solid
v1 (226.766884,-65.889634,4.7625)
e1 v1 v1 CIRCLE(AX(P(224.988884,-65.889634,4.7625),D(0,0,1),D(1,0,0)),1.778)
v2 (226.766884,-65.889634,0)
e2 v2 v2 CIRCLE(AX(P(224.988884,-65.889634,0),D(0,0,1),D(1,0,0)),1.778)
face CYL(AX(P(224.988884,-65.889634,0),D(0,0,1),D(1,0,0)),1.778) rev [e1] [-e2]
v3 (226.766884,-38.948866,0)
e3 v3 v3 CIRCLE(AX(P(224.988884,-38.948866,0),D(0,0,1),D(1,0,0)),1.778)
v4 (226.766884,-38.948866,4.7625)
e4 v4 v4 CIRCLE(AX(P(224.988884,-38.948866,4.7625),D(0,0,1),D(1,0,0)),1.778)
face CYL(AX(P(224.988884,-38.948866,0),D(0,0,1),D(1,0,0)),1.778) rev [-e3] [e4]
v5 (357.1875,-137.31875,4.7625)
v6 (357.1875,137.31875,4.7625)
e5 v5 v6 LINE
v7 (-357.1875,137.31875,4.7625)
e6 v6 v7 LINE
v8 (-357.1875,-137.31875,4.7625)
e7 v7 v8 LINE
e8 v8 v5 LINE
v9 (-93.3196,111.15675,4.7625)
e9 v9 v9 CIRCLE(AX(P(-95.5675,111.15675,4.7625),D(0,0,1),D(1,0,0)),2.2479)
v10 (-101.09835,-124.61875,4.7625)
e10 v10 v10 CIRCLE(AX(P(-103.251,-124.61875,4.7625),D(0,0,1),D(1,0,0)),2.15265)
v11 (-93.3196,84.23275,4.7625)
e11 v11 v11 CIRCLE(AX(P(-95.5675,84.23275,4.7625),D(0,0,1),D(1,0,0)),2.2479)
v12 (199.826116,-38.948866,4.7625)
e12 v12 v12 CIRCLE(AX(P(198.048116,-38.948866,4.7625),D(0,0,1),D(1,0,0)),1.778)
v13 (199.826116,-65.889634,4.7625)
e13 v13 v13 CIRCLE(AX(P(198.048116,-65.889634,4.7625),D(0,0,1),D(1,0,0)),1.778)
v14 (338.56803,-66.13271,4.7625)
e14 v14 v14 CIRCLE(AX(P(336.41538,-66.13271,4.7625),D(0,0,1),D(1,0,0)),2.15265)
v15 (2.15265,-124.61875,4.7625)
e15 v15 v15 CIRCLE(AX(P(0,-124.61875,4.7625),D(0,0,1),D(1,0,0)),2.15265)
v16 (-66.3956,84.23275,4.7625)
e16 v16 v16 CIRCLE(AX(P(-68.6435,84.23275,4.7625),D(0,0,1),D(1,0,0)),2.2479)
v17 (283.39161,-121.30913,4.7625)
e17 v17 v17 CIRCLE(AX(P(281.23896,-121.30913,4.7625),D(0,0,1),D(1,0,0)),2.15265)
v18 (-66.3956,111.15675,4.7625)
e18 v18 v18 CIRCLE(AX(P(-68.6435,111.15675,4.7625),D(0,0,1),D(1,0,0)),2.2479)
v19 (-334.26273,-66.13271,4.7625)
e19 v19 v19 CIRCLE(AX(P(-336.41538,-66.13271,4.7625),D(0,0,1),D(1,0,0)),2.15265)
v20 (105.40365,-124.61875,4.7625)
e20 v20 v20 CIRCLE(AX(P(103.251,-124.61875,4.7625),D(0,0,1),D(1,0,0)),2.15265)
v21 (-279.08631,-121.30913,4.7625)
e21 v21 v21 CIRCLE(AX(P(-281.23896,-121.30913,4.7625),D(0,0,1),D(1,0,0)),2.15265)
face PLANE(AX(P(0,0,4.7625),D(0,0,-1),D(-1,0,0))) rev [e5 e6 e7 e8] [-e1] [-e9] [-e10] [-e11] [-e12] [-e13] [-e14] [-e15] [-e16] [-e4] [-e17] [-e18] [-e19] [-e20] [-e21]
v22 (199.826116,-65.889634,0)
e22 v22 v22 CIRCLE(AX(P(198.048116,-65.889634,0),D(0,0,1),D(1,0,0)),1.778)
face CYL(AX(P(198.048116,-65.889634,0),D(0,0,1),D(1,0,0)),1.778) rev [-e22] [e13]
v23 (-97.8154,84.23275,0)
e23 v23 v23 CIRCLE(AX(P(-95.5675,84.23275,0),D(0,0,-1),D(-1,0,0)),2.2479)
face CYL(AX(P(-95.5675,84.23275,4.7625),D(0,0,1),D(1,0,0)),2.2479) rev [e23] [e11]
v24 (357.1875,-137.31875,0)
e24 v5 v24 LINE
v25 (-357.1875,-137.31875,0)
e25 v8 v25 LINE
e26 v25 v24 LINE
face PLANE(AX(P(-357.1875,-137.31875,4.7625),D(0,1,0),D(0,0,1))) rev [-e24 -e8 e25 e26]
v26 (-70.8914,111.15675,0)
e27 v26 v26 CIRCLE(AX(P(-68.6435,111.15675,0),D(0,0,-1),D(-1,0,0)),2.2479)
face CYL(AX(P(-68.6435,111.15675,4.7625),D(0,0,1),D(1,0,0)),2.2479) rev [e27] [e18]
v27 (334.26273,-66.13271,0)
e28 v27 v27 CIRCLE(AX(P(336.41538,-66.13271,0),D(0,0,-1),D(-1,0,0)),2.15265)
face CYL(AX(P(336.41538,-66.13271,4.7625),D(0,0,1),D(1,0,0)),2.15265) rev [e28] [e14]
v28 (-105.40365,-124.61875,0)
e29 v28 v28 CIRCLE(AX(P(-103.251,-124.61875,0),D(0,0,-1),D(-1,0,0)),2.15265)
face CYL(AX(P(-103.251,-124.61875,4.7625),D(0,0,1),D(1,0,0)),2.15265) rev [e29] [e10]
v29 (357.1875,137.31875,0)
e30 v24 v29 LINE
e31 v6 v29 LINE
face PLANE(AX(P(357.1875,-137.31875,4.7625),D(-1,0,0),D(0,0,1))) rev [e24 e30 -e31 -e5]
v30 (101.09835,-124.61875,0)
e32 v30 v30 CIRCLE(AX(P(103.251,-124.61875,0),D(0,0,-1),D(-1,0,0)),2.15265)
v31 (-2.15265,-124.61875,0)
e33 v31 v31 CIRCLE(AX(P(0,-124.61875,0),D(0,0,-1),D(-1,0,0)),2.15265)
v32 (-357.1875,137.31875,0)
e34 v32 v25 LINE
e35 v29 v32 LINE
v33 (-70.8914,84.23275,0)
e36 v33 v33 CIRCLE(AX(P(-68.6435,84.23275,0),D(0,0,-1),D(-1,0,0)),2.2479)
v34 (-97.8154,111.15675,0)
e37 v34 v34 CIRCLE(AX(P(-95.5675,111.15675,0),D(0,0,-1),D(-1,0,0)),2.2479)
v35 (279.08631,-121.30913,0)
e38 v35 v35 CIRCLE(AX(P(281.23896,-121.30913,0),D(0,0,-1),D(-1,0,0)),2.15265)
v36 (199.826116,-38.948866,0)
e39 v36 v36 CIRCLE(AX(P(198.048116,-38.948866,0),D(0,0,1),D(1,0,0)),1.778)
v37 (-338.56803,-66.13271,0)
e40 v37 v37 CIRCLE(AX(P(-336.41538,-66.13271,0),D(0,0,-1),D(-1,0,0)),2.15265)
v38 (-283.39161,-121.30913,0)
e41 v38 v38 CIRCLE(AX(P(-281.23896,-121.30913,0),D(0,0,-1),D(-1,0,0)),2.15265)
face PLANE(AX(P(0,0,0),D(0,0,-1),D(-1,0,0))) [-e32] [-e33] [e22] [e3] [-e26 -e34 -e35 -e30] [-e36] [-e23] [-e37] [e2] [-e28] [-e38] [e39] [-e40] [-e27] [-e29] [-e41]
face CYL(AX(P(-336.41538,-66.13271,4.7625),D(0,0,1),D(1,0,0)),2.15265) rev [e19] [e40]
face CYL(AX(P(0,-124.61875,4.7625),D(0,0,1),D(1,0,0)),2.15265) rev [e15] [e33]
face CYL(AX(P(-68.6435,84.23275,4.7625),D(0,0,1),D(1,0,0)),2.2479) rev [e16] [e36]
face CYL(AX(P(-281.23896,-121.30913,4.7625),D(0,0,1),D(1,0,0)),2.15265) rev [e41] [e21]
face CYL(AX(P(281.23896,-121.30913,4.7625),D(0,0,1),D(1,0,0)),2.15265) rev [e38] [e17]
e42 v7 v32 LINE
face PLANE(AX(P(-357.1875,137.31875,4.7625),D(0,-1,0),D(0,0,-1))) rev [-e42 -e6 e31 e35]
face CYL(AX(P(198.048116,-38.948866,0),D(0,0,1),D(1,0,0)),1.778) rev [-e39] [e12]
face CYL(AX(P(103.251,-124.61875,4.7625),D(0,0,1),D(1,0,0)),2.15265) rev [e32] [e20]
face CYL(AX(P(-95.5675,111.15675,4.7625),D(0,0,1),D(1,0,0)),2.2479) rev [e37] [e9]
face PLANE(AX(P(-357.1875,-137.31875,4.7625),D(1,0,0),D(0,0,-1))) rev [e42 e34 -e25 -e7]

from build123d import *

# Parameters (mm, degrees)
SKETCH1_W                 = 714.375
SKETCH1_H                 = 274.6375
BOSS_EXTRUDE1_DEPTH       = 4.7625
CUT_EXTRUDE1_DEPTH        = 5.7625
CUT_EXTRUDE3_DEPTH        = 5.7625
CUT_EXTRUDE4_REACH        = 6.763
SKETCH5_R                 = 2.15265
BOSS_EXTRUDE2_START       = -692.15
SKETCH7_W                 = 4.7625
SKETCH7_H                 = 274.6375
BOSS_EXTRUDE2_DEPTH       = 669.925
F_8_CLEARANCE_HOLE1_D     = 4.3053
F_8_CLEARANCE_HOLE1_DEPTH = 74.422
F_8_CLEARANCE_HOLE1_TIP   = 1.293442612
F_8_CLEARANCE_HOLE2_D     = 4.3053
F_8_CLEARANCE_HOLE2_DEPTH = 74.422
F_8_CLEARANCE_HOLE2_TIP   = 1.293442612
F_8_CLEARANCE_HOLE3_D     = 4.4958
F_8_CLEARANCE_HOLE3_DEPTH = 74.422
F_8_CLEARANCE_HOLE3_TIP   = 1.350674586
SKETCH16_R                = 1.778
CUT_EXTRUDE5_DEPTH        = 4.7625


with BuildPart() as part:
    # Sketch1 → Boss-Extrude1 (new body)
    with BuildSketch(Plane.XY):
        Rectangle(SKETCH1_W, SKETCH1_H)
    extrude(amount=BOSS_EXTRUDE1_DEPTH)

    # Sketch2 → Cut-Extrude1 (cut, through all)
    with BuildSketch(Plane.XY.offset(4.7625)):
        with BuildLine():
            Line((12.285980323, -89.570459076), (10.351389114, -91.505050285))
            ThreePointArc((10.351389114, -91.505050285), (0, -88.10625), (-10.351389114, -91.505050285))
            Line((-10.351389114, -91.505050285), (-12.285980323, -89.570459076))
            ThreePointArc((-12.285980323, -89.570459076), (-15.998290924, -89.570459076), (-15.998290924, -93.282769677))
            Line((-15.998290924, -93.282769677), (-14.063699715, -95.217360886))
            ThreePointArc((-14.063699715, -95.217360886), (-17.4625, -105.56875), (-14.063699715, -115.920139114))
            Line((-14.063699715, -115.920139114), (-15.998290924, -117.854730323))
            ThreePointArc((-15.998290924, -117.854730323), (-15.998290924, -121.567040924), (-12.285980323, -121.567040924))
            Line((-12.285980323, -121.567040924), (-10.351389114, -119.632449715))
            ThreePointArc((-10.351389114, -119.632449715), (0, -123.03125), (10.351389114, -119.632449715))
            Line((10.351389114, -119.632449715), (12.285980323, -121.567040924))
            ThreePointArc((12.285980323, -121.567040924), (15.998290924, -121.567040924), (15.998290924, -117.854730323))
            Line((15.998290924, -117.854730323), (14.063699715, -115.920139114))
            ThreePointArc((14.063699715, -115.920139114), (17.4625, -105.56875), (14.063699715, -95.217360886))
            Line((14.063699715, -95.217360886), (15.998290924, -93.282769677))
            ThreePointArc((15.998290924, -93.282769677), (15.998290924, -89.570459076), (12.285980323, -89.570459076))
        make_face()
        with BuildLine():
            Line((-305.214019677, -89.570459076), (-307.148610886, -91.505050285))
            ThreePointArc((-307.148610886, -91.505050285), (-317.5, -88.10625), (-327.851389114, -91.505050285))
            Line((-327.851389114, -91.505050285), (-329.785980323, -89.570459076))
            ThreePointArc((-329.785980323, -89.570459076), (-333.498290924, -89.570459076), (-333.498290924, -93.282769677))
            Line((-333.498290924, -93.282769677), (-331.563699715, -95.217360886))
            ThreePointArc((-331.563699715, -95.217360886), (-334.9625, -105.56875), (-331.563699715, -115.920139114))
            Line((-331.563699715, -115.920139114), (-333.498290924, -117.854730323))
            ThreePointArc((-333.498290924, -117.854730323), (-333.498290924, -121.567040924), (-329.785980323, -121.567040924))
            Line((-329.785980323, -121.567040924), (-327.851389114, -119.632449715))
            ThreePointArc((-327.851389114, -119.632449715), (-317.5, -123.03125), (-307.148610886, -119.632449715))
            Line((-307.148610886, -119.632449715), (-305.214019677, -121.567040924))
            ThreePointArc((-305.214019677, -121.567040924), (-301.501709076, -121.567040924), (-301.501709076, -117.854730323))
            Line((-301.501709076, -117.854730323), (-303.436300285, -115.920139114))
            ThreePointArc((-303.436300285, -115.920139114), (-300.0375, -105.56875), (-303.436300285, -95.217360886))
            Line((-303.436300285, -95.217360886), (-301.501709076, -93.282769677))
            ThreePointArc((-301.501709076, -93.282769677), (-301.501709076, -89.570459076), (-305.214019677, -89.570459076))
        make_face()
        with BuildLine():
            Line((329.785980323, -89.570459076), (327.851389114, -91.505050285))
            ThreePointArc((327.851389114, -91.505050285), (317.5, -88.10625), (307.148610886, -91.505050285))
            Line((307.148610886, -91.505050285), (305.214019677, -89.570459076))
            ThreePointArc((305.214019677, -89.570459076), (301.501709076, -89.570459076), (301.501709076, -93.282769677))
            Line((301.501709076, -93.282769677), (303.436300285, -95.217360886))
            ThreePointArc((303.436300285, -95.217360886), (300.0375, -105.56875), (303.436300285, -115.920139114))
            Line((303.436300285, -115.920139114), (301.501709076, -117.854730323))
            ThreePointArc((301.501709076, -117.854730323), (301.501709076, -121.567040924), (305.214019677, -121.567040924))
            Line((305.214019677, -121.567040924), (307.148610886, -119.632449715))
            ThreePointArc((307.148610886, -119.632449715), (317.5, -123.03125), (327.851389114, -119.632449715))
            Line((327.851389114, -119.632449715), (329.785980323, -121.567040924))
            ThreePointArc((329.785980323, -121.567040924), (333.498290924, -121.567040924), (333.498290924, -117.854730323))
            Line((333.498290924, -117.854730323), (331.563699715, -115.920139114))
            ThreePointArc((331.563699715, -115.920139114), (334.9625, -105.56875), (331.563699715, -95.217360886))
            Line((331.563699715, -95.217360886), (333.498290924, -93.282769677))
            ThreePointArc((333.498290924, -93.282769677), (333.498290924, -89.570459076), (329.785980323, -89.570459076))
        make_face()
    extrude(amount=-CUT_EXTRUDE1_DEPTH, mode=Mode.SUBTRACT)

    # Sketch4 → Cut-Extrude3 (cut, through all)
    with BuildSketch(Plane.XY.offset(4.7625)):
        with BuildLine():
            Line((277.1521, 88.42375), (277.1521, 97.31375))
            ThreePointArc((277.1521, 97.31375), (279.4, 99.56165), (281.6479, 97.31375))
            Line((281.6479, 97.31375), (281.6479, 88.42375))
            ThreePointArc((281.6479, 88.42375), (279.4, 86.17585), (277.1521, 88.42375))
        make_face()
        with BuildLine():
            Line((-277.1521, 88.42375), (-277.1521, 97.31375))
            ThreePointArc((-277.1521, 97.31375), (-279.4, 99.56165), (-281.6479, 97.31375))
            Line((-281.6479, 97.31375), (-281.6479, 88.42375))
            ThreePointArc((-281.6479, 88.42375), (-279.4, 86.17585), (-277.1521, 88.42375))
        make_face()
    extrude(amount=-CUT_EXTRUDE3_DEPTH, mode=Mode.SUBTRACT)

    # Sketch5 → Cut-Extrude4 (cut, up to next)
    with BuildSketch(Plane.XY.offset(4.7625), mode=Mode.PRIVATE) as cut_extrude4_sk1:
        with Locations((-127, -105.56875)):
            Circle(SKETCH5_R)
    cut_extrude4_tool1 = extrude(cut_extrude4_sk1.sketch, amount=-CUT_EXTRUDE4_REACH, mode=Mode.PRIVATE) & part.part
    add(cut_extrude4_tool1.solids().sort_by_distance((-127, -105.56875, 4.7625))[0], mode=Mode.SUBTRACT)
    # Sketch5 → Cut-Extrude4 (cut, up to next)
    with BuildSketch(Plane.XY.offset(4.7625), mode=Mode.PRIVATE) as cut_extrude4_sk2:
        with Locations((-215.9, -105.56875)):
            Circle(SKETCH5_R)
    cut_extrude4_tool2 = extrude(cut_extrude4_sk2.sketch, amount=-CUT_EXTRUDE4_REACH, mode=Mode.PRIVATE) & part.part
    add(cut_extrude4_tool2.solids().sort_by_distance((-215.9, -105.56875, 4.7625))[0], mode=Mode.SUBTRACT)
    # Sketch5 → Cut-Extrude4 (cut, up to next)
    with BuildSketch(Plane.XY.offset(4.7625), mode=Mode.PRIVATE) as cut_extrude4_sk3:
        with Locations((215.9, -105.56875)):
            Circle(SKETCH5_R)
    cut_extrude4_tool3 = extrude(cut_extrude4_sk3.sketch, amount=-CUT_EXTRUDE4_REACH, mode=Mode.PRIVATE) & part.part
    add(cut_extrude4_tool3.solids().sort_by_distance((215.9, -105.56875, 4.7625))[0], mode=Mode.SUBTRACT)
    # Sketch5 → Cut-Extrude4 (cut, up to next)
    with BuildSketch(Plane.XY.offset(4.7625), mode=Mode.PRIVATE) as cut_extrude4_sk4:
        with Locations((127, -105.56875)):
            Circle(SKETCH5_R)
    cut_extrude4_tool4 = extrude(cut_extrude4_sk4.sketch, amount=-CUT_EXTRUDE4_REACH, mode=Mode.PRIVATE) & part.part
    add(cut_extrude4_tool4.solids().sort_by_distance((127, -105.56875, 4.7625))[0], mode=Mode.SUBTRACT)

    # Sketch7 → Boss-Extrude2 (add)
    with BuildSketch(Plane(origin=(357.1875, 0, 0), x_dir=(0, 0, -1), z_dir=(1, 0, 0)).offset(BOSS_EXTRUDE2_START)):
        with Locations((-2.38125, 0)):
            Rectangle(SKETCH7_W, SKETCH7_H)
    extrude(amount=BOSS_EXTRUDE2_DEPTH)

    # #8 Clearance Hole1
    with Locations(Plane.XY.offset(4.7625)):
        with Locations((-336.41538, -66.13271), (-281.23896, -121.30913), (281.23896, -121.30913), (336.41538, -66.13271)):
            Hole(F_8_CLEARANCE_HOLE1_D / 2, depth=F_8_CLEARANCE_HOLE1_DEPTH)
            with Locations((0, 0, -(F_8_CLEARANCE_HOLE1_DEPTH + F_8_CLEARANCE_HOLE1_TIP / 2))):  # 118° drill point
                Cone(0, F_8_CLEARANCE_HOLE1_D / 2, F_8_CLEARANCE_HOLE1_TIP, mode=Mode.SUBTRACT)

    # #8 Clearance Hole2
    with Locations(Plane.XY.offset(4.7625)):
        with Locations((-103.251, -124.61875), (0, -124.61875), (103.251, -124.61875)):
            Hole(F_8_CLEARANCE_HOLE2_D / 2, depth=F_8_CLEARANCE_HOLE2_DEPTH)
            with Locations((0, 0, -(F_8_CLEARANCE_HOLE2_DEPTH + F_8_CLEARANCE_HOLE2_TIP / 2))):  # 118° drill point
                Cone(0, F_8_CLEARANCE_HOLE2_D / 2, F_8_CLEARANCE_HOLE2_TIP, mode=Mode.SUBTRACT)

    # #8 Clearance Hole3
    with Locations(Plane.XY.offset(4.7625)):
        with Locations((-95.5675, 111.15675), (-68.6435, 111.15675), (-95.5675, 84.23275), (-68.6435, 84.23275)):
            Hole(F_8_CLEARANCE_HOLE3_D / 2, depth=F_8_CLEARANCE_HOLE3_DEPTH)
            with Locations((0, 0, -(F_8_CLEARANCE_HOLE3_DEPTH + F_8_CLEARANCE_HOLE3_TIP / 2))):  # 118° drill point
                Cone(0, F_8_CLEARANCE_HOLE3_D / 2, F_8_CLEARANCE_HOLE3_TIP, mode=Mode.SUBTRACT)

    # Sketch16 → Cut-Extrude5 (cut)
    with BuildSketch(Plane.XY.offset(4.7625)):
        with Locations((198.048115818, -38.948865818)):
            Circle(SKETCH16_R)
        with Locations((224.988884182, -38.948865818)):
            Circle(SKETCH16_R)
        with Locations((224.988884182, -65.889634182)):
            Circle(SKETCH16_R)
        with Locations((198.048115818, -65.889634182)):
            Circle(SKETCH16_R)
    extrude(amount=-CUT_EXTRUDE5_DEPTH, mode=Mode.SUBTRACT)


solid = part.part
